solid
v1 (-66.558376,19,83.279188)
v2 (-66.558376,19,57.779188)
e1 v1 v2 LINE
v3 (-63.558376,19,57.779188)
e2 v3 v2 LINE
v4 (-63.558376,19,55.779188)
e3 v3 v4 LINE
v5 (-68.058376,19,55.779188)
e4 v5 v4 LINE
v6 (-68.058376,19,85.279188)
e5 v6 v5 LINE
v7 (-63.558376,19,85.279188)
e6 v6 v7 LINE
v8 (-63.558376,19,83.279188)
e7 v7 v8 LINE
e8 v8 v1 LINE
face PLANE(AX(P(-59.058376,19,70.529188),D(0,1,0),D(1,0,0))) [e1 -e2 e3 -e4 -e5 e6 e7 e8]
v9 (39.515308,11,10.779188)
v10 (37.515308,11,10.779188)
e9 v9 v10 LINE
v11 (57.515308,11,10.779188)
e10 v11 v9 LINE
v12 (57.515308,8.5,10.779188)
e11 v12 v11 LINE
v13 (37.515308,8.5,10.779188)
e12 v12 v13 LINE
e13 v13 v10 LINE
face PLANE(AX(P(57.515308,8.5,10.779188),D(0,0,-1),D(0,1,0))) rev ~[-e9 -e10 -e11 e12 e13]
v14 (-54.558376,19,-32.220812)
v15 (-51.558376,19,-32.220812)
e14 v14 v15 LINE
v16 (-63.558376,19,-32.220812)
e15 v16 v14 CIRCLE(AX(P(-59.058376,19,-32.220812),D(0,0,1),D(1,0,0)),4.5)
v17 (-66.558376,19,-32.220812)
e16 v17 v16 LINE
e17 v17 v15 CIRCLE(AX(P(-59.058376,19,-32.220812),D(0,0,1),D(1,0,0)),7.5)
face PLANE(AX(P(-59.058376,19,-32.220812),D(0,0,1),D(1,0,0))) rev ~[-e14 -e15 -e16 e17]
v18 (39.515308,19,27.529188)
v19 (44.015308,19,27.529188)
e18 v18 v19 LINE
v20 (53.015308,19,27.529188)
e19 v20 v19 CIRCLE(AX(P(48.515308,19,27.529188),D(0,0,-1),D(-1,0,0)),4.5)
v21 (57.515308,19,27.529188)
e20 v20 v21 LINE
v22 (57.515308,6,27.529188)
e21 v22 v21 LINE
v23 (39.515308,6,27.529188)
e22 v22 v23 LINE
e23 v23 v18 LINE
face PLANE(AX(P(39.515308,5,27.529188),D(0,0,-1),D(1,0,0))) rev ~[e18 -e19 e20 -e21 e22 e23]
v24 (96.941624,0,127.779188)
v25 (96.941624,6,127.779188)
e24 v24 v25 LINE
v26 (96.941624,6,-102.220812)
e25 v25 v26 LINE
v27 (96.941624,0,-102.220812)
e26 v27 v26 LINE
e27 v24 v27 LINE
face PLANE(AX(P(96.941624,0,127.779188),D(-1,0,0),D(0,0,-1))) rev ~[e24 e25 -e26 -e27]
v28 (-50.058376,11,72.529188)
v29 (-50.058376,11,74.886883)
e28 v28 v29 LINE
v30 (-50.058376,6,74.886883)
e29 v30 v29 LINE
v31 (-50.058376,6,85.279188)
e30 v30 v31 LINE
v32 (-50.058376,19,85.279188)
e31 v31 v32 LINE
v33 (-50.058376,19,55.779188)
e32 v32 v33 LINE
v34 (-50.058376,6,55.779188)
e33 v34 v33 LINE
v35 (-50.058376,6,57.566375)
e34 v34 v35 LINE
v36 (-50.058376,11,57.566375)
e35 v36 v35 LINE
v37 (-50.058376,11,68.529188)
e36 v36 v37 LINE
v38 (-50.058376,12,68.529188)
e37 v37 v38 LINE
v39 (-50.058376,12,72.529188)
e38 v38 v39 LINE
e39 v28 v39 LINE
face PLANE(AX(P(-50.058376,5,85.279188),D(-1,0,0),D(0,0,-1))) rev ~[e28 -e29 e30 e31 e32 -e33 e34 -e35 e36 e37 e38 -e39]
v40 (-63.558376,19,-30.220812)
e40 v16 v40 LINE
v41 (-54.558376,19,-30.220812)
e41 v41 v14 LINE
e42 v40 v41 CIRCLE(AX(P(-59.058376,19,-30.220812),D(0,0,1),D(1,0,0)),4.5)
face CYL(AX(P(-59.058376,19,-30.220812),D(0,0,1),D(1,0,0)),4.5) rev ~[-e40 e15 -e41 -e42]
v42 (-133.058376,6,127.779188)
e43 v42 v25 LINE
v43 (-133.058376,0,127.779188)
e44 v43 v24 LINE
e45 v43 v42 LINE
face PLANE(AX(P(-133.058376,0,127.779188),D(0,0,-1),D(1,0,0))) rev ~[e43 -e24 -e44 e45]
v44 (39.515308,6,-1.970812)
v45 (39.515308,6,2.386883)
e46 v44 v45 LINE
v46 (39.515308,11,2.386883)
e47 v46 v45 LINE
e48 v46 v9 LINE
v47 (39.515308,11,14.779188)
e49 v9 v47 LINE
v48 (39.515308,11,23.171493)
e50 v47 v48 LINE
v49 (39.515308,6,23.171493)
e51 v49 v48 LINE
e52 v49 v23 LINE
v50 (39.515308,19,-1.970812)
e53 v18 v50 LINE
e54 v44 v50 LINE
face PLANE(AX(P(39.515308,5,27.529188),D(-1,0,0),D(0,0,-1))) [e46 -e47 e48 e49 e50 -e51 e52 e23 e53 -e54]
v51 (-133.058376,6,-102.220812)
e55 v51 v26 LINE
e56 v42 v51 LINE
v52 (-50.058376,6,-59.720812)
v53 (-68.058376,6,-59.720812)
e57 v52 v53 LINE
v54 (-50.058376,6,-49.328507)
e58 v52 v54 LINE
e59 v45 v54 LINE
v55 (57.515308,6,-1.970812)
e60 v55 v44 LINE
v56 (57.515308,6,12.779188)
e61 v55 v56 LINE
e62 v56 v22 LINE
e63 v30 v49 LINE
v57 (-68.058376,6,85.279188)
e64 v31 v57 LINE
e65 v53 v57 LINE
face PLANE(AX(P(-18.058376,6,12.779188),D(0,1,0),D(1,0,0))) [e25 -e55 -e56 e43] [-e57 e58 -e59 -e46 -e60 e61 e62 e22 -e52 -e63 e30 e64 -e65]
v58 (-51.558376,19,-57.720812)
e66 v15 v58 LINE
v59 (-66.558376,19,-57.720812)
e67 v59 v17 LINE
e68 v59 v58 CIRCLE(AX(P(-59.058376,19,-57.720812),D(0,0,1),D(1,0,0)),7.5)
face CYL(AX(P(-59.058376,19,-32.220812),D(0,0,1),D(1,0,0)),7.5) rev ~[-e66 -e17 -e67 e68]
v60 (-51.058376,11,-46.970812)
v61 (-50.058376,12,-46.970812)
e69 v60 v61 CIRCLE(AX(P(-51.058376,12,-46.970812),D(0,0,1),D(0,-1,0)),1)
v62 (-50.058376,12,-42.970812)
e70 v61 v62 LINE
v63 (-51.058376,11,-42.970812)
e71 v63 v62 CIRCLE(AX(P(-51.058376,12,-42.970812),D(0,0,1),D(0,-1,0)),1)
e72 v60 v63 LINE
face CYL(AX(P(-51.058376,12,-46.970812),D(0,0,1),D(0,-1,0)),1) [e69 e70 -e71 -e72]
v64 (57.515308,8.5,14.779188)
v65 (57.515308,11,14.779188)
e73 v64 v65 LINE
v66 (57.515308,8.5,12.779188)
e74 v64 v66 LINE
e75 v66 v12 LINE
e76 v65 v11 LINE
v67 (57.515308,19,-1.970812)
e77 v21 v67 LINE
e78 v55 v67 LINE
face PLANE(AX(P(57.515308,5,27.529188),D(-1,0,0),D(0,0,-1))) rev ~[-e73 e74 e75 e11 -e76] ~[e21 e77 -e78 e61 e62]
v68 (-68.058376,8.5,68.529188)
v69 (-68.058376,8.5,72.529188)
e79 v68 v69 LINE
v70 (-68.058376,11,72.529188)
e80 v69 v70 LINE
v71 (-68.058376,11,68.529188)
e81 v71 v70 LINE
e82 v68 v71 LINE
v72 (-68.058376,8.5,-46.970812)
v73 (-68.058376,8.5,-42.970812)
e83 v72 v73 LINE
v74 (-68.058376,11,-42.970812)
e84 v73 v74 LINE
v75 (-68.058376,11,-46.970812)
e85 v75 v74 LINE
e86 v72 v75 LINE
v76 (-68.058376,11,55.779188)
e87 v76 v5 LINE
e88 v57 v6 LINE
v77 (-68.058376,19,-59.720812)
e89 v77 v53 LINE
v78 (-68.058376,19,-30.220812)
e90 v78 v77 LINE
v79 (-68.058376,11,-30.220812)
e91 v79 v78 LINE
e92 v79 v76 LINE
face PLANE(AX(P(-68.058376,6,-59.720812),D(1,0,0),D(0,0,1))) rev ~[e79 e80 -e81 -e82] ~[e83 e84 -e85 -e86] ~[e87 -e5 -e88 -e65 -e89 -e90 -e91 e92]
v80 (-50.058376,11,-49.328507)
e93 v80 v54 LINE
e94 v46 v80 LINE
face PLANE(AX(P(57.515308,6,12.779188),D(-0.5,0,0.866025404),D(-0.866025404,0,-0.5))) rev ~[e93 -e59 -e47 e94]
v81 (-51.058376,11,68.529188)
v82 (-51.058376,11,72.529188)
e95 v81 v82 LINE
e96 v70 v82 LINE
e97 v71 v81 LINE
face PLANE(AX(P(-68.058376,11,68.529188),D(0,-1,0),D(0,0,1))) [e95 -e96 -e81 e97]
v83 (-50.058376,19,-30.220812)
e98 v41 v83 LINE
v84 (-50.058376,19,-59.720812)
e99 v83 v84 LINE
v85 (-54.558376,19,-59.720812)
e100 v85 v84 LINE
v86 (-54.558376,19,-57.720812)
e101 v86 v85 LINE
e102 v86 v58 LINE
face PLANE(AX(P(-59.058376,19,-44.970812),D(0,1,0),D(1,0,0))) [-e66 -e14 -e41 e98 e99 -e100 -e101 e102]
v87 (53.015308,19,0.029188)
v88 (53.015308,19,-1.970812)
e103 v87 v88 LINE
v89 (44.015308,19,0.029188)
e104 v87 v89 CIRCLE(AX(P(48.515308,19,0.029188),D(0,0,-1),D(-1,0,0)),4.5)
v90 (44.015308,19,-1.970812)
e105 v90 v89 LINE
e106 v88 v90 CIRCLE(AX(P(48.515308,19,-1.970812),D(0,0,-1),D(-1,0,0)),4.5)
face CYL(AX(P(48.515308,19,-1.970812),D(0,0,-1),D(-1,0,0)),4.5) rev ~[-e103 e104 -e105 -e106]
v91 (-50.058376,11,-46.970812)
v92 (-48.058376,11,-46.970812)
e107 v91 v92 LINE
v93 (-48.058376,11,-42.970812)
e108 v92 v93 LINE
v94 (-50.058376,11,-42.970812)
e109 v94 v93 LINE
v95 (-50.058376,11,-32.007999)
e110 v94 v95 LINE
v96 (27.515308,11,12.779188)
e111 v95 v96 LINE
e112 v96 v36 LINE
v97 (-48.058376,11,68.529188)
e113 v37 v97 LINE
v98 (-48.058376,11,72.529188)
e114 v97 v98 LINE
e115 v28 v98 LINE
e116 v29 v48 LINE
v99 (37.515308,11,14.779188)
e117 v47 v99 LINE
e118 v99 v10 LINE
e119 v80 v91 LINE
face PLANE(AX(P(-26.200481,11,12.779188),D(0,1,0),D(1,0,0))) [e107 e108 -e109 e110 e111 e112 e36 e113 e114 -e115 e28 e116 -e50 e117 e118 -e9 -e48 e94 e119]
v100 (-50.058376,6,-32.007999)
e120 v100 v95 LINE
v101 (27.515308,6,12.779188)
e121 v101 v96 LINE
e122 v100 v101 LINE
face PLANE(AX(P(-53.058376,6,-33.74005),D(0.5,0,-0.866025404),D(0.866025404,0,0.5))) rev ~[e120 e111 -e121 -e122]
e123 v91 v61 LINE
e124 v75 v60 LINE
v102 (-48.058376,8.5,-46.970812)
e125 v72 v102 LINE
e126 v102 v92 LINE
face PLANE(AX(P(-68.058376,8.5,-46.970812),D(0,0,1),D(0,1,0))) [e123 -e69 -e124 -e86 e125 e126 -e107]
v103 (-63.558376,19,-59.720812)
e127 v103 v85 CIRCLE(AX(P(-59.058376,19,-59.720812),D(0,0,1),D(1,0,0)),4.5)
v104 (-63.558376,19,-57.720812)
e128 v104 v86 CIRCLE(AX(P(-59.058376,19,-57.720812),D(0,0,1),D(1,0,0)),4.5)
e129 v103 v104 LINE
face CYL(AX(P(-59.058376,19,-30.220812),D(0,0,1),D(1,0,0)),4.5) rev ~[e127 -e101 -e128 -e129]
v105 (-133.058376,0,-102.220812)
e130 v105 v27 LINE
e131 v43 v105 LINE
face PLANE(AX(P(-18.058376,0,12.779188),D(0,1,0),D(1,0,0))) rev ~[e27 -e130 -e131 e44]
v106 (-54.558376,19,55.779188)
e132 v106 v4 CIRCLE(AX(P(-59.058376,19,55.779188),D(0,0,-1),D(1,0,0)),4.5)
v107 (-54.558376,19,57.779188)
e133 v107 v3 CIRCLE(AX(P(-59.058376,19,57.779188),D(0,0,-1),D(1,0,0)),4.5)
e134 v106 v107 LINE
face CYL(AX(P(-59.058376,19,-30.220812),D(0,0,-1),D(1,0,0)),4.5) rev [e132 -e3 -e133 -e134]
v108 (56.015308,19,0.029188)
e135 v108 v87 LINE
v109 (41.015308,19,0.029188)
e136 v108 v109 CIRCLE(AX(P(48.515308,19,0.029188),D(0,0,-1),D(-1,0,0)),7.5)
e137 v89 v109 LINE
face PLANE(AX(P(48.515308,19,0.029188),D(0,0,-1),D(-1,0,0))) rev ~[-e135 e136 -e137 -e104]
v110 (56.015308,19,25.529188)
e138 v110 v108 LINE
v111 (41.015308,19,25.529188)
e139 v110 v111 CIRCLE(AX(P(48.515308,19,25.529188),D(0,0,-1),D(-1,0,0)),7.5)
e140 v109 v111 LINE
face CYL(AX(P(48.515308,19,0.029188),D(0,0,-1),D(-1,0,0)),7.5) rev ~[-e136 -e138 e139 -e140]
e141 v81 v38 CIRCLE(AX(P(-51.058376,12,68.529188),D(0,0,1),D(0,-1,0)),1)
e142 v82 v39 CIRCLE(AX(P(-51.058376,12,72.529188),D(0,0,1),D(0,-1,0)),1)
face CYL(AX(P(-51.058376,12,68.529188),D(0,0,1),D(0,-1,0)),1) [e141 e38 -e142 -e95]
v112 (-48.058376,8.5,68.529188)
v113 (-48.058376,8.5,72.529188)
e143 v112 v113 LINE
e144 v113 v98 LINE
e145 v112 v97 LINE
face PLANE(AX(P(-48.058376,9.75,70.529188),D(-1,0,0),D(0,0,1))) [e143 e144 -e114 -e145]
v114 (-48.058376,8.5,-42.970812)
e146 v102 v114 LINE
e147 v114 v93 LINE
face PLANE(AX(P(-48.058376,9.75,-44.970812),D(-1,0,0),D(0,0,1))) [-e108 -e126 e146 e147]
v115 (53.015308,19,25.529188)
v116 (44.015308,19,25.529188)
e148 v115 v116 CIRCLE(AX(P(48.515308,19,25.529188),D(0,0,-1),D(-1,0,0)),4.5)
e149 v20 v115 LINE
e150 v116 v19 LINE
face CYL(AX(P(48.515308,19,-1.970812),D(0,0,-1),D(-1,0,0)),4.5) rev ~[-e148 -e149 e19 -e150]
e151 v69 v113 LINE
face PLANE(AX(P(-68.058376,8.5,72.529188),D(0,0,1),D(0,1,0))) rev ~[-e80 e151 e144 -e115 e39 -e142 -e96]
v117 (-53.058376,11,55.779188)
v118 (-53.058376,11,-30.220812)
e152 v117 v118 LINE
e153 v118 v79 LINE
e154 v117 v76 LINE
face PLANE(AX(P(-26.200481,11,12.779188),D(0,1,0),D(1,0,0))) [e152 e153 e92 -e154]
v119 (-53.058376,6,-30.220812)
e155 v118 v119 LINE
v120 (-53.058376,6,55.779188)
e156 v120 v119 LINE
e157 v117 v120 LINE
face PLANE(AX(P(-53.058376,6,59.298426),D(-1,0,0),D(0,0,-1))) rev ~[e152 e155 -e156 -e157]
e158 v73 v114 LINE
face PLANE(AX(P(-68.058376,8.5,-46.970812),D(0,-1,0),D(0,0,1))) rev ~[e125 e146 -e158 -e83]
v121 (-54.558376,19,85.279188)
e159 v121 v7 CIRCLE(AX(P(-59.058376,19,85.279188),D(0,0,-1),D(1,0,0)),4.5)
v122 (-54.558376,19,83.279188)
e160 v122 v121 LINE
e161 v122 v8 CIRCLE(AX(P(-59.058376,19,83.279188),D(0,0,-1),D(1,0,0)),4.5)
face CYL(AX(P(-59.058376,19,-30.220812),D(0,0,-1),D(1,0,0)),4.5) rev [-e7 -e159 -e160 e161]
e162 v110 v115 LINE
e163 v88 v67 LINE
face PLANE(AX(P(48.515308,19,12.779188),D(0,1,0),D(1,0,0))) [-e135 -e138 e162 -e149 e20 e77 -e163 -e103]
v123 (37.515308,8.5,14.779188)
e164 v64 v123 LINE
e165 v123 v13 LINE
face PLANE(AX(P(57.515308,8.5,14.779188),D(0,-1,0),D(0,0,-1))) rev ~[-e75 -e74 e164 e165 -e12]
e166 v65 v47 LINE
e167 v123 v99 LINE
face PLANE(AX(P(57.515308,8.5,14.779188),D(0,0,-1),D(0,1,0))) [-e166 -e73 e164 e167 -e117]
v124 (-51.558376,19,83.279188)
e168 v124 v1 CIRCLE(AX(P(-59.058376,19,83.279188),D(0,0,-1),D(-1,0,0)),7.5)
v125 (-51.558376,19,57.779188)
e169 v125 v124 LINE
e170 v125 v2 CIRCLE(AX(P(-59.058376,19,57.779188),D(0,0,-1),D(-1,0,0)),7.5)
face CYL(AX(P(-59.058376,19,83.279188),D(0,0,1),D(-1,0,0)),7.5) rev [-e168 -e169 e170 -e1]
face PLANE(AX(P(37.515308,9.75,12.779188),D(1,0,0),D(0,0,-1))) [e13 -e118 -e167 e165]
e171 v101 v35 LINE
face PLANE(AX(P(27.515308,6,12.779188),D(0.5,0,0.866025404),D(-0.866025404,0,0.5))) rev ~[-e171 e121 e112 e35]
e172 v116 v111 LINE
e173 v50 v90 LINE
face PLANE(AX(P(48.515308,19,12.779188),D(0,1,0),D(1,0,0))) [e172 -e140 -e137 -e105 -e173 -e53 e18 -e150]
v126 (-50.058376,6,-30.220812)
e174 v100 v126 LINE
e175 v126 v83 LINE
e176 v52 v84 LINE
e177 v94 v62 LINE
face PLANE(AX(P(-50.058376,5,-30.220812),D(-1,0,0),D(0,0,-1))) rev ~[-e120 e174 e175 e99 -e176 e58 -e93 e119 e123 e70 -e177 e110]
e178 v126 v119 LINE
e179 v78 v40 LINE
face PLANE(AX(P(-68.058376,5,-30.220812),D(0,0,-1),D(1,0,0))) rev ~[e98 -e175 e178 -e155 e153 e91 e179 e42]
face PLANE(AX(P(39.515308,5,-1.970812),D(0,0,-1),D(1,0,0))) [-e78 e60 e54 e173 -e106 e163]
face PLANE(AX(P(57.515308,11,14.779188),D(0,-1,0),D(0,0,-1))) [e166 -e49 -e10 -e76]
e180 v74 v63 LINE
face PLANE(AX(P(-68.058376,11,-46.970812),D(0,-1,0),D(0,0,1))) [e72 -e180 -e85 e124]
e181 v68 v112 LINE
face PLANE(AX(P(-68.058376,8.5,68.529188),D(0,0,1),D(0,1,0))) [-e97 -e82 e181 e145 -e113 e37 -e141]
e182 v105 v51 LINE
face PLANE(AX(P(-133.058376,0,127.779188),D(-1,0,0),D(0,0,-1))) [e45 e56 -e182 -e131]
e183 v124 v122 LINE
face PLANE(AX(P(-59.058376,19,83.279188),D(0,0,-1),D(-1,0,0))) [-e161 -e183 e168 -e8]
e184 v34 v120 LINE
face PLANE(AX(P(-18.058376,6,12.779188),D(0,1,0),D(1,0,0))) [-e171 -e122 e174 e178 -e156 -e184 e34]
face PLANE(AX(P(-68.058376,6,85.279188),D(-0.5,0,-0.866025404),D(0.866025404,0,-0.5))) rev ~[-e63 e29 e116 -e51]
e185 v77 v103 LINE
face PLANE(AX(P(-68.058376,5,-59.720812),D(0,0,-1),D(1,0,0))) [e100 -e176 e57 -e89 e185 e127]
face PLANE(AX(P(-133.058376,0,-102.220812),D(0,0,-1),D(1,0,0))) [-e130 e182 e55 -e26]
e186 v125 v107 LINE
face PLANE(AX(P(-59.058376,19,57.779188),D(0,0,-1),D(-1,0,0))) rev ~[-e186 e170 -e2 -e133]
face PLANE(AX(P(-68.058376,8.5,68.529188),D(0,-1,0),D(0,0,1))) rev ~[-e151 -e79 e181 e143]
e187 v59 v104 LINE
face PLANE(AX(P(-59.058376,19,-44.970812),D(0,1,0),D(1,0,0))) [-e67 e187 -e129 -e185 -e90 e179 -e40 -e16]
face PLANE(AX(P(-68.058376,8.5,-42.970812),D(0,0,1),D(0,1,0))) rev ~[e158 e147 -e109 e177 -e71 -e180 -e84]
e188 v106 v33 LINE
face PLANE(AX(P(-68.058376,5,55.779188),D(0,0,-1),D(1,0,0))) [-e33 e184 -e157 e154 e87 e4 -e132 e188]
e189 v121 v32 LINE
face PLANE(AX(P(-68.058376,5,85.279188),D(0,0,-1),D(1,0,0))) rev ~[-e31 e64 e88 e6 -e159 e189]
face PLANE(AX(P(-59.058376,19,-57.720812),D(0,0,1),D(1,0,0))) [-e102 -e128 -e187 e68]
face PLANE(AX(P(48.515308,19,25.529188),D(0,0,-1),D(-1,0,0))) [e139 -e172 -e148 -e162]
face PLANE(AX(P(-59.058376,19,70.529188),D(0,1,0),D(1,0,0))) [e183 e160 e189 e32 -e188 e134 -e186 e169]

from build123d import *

# Parameters (mm, degrees)
BOTTOM_W                     = 230
BOTTOM_H                     = 230
BOSS_EXTRUDE2_DEPTH          = 6
TRIANGLE_DEPTH               = 5
BOSS_EXTRUDE4_DEPTH          = 8
BOSS_EXTRUDE4_DEPTH_BACK     = 6
SKETCH5_W                    = 18
SKETCH5_H                    = 29.5
ROD_CUTOUT_REACH             = 209.436
SKETCH6_R                    = 4.5
ROD_CUTOUT_DIRECTION_2_REACH = 209.436
LM8SOCKET_START              = -2
SKETCH7_R                    = 7.5
LM8SOCKET_1_DEPTH            = 25.5
LM8SOCKET_START_2            = -27.5
SKETCH8_R                    = 7.5
LM8SOCKET_2_DEPTH            = 25.5
SKETCH9_R                    = 4.5
CUT_EXTRUDE4_DEPTH           = 29.5
CUT_EXTRUDE5_START           = -2
SKETCH11_R                   = 7.5
CUT_EXTRUDE5_DEPTH           = 25.5
SKETCH12_W                   = 4
SKETCH12_H                   = 2.5
CUT_EXTRUDE8_DEPTH           = 20
FILLET1_R                    = 1
FILLET2_R                    = 1
SKETCH13_W                   = 4
SKETCH13_H                   = 2.5
CUT_EXTRUDE9_DEPTH           = 20


with BuildPart() as part:
    # bottom → Boss-Extrude2 (new body)
    with BuildSketch(Plane(origin=(0, 0, 0), x_dir=(1, 0, 0), z_dir=(0, 1, 0))):
        with Locations((-18.058375635, -12.779187817)):
            Rectangle(BOTTOM_W, BOTTOM_H)
    extrude(amount=BOSS_EXTRUDE2_DEPTH)

    # Sketch4 → Triangle (add)
    with BuildSketch(Plane(origin=(0, 6, 0), x_dir=(1, 0, 0), z_dir=(0, 1, 0))):
        Polygon((-68.058375635, 59.720812183), (-68.058375635, -85.279187817), (57.515307914, -12.779187817), align=None)
        Polygon((-53.058375635, -59.298425704), (-53.058375635, 33.740050069), (27.515307914, -12.779187817), align=None, mode=Mode.SUBTRACT)
    extrude(amount=TRIANGLE_DEPTH)

    # Sketch5 → Boss-Extrude4 (add, two sides: drawn at the far end of the back side and taken through both)
    with BuildSketch(Plane(origin=(0, 11, 0), x_dir=(1, 0, 0), z_dir=(0, 1, 0)).offset(-BOSS_EXTRUDE4_DEPTH_BACK)):
        with Locations((-59.058375635, 44.970812183)):
            Rectangle(SKETCH5_W, SKETCH5_H)
        with Locations((-59.058375635, -70.529187817)):
            Rectangle(SKETCH5_W, SKETCH5_H)
        with Locations((48.515307914, -12.779187817)):
            Rectangle(SKETCH5_W, SKETCH5_H)
    extrude(amount=BOSS_EXTRUDE4_DEPTH + BOSS_EXTRUDE4_DEPTH_BACK)

    # Rod cutout: up to this face of the body (flat: up to its plane)
    rod_cutout_end = Plane(part.part.faces().sort_by_distance((-59.058375635, 12.5, -59.720812183))[0])
    # Sketch6 → Rod cutout (cut, up to the picked face)
    with BuildSketch(Plane.XY.offset(-30.220812183), mode=Mode.PRIVATE) as rod_cutout_sk1:
        with Locations((-59.058375635, 19)):
            Circle(SKETCH6_R)
    rod_cutout_tool1 = split(extrude(rod_cutout_sk1.sketch, amount=-ROD_CUTOUT_REACH, mode=Mode.PRIVATE), bisect_by=rod_cutout_end, keep=Keep.BOTH, mode=Mode.PRIVATE)
    add(rod_cutout_tool1.solids().sort_by(Axis((-59.058376, 19, -30.220812), (0, 0, -1)))[0], mode=Mode.SUBTRACT)

    # Rod cutout direction 2: up to this face of the body (flat: up to its plane)
    rod_cutout_direction_2_end = Plane(part.part.faces().sort_by_distance((-59.058375635, 12.5, 85.279187817))[0])
    # Sketch6 → Rod cutout direction 2 (cut, up to the picked face)
    with BuildSketch(Plane.XY.offset(-30.220812183), mode=Mode.PRIVATE) as rod_cutout_direction_2_sk1:
        with Locations((-59.058375635, 19)):
            Circle(SKETCH6_R)
    rod_cutout_direction_2_tool1 = split(extrude(rod_cutout_direction_2_sk1.sketch, amount=ROD_CUTOUT_DIRECTION_2_REACH, mode=Mode.PRIVATE), bisect_by=rod_cutout_direction_2_end, keep=Keep.BOTH, mode=Mode.PRIVATE)
    add(rod_cutout_direction_2_tool1.solids().sort_by(Axis((-59.058376, 19, -30.220812), (0, 0, 1)))[0], mode=Mode.SUBTRACT)

    # Sketch7 → LM8Socket 1 (cut)
    with BuildSketch(Plane.XY.offset(-30.220812183).offset(LM8SOCKET_START)):
        with Locations((-59.058375635, 19)):
            Circle(SKETCH7_R)
    extrude(amount=-LM8SOCKET_1_DEPTH, mode=Mode.SUBTRACT)

    # Sketch8 → LM8Socket 2 (cut)
    with BuildSketch(Plane(origin=(0, 0, 55.779187817), x_dir=(-1, 0, 0), z_dir=(0, 0, -1)).offset(LM8SOCKET_START_2)):
        with Locations((59.058375635, 19)):
            Circle(SKETCH8_R)
    extrude(amount=LM8SOCKET_2_DEPTH, mode=Mode.SUBTRACT)

    # Sketch9 → Cut-Extrude4 (cut)
    with BuildSketch(Plane(origin=(0, 0, -1.970812183), x_dir=(-1, 0, 0), z_dir=(0, 0, -1))):
        with Locations((-48.515307914, 19)):
            Circle(SKETCH9_R)
    extrude(amount=-CUT_EXTRUDE4_DEPTH, mode=Mode.SUBTRACT)

    # Sketch11 → Cut-Extrude5 (cut)
    with BuildSketch(Plane(origin=(0, 0, -1.970812183), x_dir=(-1, 0, 0), z_dir=(0, 0, -1)).offset(CUT_EXTRUDE5_START)):
        with Locations((-48.515307914, 19)):
            Circle(SKETCH11_R)
    extrude(amount=-CUT_EXTRUDE5_DEPTH, mode=Mode.SUBTRACT)

    # Sketch12 → Cut-Extrude8 (cut)
    with BuildSketch(Plane.ZY.offset(68.058375635)):
        with Locations((-44.970812183, 9.75)):
            Rectangle(SKETCH12_W, SKETCH12_H)
        with Locations((70.529187817, 9.75)):
            Rectangle(SKETCH12_W, SKETCH12_H)
    extrude(amount=-CUT_EXTRUDE8_DEPTH, mode=Mode.SUBTRACT)

    # Fillet1
    fillet1_edges = [part.edges().sort_by_distance(p)[0] for p in [
        (-50.058375635, 11, -44.970812183),
    ]]
    fillet(fillet1_edges, radius=FILLET1_R)

    # Fillet2
    fillet2_edges = [part.edges().sort_by_distance(p)[0] for p in [
        (-50.058375635, 11, 70.529187817),
    ]]
    fillet(fillet2_edges, radius=FILLET2_R)

    # Sketch13 → Cut-Extrude9 (cut)
    with BuildSketch(Plane(origin=(57.515307914, 0, 0), x_dir=(0, 0, -1), z_dir=(1, 0, 0))):
        with Locations((-12.779187817, 9.75)):
            Rectangle(SKETCH13_W, SKETCH13_H)
    extrude(amount=-CUT_EXTRUDE9_DEPTH, mode=Mode.SUBTRACT)


solid = part.part
